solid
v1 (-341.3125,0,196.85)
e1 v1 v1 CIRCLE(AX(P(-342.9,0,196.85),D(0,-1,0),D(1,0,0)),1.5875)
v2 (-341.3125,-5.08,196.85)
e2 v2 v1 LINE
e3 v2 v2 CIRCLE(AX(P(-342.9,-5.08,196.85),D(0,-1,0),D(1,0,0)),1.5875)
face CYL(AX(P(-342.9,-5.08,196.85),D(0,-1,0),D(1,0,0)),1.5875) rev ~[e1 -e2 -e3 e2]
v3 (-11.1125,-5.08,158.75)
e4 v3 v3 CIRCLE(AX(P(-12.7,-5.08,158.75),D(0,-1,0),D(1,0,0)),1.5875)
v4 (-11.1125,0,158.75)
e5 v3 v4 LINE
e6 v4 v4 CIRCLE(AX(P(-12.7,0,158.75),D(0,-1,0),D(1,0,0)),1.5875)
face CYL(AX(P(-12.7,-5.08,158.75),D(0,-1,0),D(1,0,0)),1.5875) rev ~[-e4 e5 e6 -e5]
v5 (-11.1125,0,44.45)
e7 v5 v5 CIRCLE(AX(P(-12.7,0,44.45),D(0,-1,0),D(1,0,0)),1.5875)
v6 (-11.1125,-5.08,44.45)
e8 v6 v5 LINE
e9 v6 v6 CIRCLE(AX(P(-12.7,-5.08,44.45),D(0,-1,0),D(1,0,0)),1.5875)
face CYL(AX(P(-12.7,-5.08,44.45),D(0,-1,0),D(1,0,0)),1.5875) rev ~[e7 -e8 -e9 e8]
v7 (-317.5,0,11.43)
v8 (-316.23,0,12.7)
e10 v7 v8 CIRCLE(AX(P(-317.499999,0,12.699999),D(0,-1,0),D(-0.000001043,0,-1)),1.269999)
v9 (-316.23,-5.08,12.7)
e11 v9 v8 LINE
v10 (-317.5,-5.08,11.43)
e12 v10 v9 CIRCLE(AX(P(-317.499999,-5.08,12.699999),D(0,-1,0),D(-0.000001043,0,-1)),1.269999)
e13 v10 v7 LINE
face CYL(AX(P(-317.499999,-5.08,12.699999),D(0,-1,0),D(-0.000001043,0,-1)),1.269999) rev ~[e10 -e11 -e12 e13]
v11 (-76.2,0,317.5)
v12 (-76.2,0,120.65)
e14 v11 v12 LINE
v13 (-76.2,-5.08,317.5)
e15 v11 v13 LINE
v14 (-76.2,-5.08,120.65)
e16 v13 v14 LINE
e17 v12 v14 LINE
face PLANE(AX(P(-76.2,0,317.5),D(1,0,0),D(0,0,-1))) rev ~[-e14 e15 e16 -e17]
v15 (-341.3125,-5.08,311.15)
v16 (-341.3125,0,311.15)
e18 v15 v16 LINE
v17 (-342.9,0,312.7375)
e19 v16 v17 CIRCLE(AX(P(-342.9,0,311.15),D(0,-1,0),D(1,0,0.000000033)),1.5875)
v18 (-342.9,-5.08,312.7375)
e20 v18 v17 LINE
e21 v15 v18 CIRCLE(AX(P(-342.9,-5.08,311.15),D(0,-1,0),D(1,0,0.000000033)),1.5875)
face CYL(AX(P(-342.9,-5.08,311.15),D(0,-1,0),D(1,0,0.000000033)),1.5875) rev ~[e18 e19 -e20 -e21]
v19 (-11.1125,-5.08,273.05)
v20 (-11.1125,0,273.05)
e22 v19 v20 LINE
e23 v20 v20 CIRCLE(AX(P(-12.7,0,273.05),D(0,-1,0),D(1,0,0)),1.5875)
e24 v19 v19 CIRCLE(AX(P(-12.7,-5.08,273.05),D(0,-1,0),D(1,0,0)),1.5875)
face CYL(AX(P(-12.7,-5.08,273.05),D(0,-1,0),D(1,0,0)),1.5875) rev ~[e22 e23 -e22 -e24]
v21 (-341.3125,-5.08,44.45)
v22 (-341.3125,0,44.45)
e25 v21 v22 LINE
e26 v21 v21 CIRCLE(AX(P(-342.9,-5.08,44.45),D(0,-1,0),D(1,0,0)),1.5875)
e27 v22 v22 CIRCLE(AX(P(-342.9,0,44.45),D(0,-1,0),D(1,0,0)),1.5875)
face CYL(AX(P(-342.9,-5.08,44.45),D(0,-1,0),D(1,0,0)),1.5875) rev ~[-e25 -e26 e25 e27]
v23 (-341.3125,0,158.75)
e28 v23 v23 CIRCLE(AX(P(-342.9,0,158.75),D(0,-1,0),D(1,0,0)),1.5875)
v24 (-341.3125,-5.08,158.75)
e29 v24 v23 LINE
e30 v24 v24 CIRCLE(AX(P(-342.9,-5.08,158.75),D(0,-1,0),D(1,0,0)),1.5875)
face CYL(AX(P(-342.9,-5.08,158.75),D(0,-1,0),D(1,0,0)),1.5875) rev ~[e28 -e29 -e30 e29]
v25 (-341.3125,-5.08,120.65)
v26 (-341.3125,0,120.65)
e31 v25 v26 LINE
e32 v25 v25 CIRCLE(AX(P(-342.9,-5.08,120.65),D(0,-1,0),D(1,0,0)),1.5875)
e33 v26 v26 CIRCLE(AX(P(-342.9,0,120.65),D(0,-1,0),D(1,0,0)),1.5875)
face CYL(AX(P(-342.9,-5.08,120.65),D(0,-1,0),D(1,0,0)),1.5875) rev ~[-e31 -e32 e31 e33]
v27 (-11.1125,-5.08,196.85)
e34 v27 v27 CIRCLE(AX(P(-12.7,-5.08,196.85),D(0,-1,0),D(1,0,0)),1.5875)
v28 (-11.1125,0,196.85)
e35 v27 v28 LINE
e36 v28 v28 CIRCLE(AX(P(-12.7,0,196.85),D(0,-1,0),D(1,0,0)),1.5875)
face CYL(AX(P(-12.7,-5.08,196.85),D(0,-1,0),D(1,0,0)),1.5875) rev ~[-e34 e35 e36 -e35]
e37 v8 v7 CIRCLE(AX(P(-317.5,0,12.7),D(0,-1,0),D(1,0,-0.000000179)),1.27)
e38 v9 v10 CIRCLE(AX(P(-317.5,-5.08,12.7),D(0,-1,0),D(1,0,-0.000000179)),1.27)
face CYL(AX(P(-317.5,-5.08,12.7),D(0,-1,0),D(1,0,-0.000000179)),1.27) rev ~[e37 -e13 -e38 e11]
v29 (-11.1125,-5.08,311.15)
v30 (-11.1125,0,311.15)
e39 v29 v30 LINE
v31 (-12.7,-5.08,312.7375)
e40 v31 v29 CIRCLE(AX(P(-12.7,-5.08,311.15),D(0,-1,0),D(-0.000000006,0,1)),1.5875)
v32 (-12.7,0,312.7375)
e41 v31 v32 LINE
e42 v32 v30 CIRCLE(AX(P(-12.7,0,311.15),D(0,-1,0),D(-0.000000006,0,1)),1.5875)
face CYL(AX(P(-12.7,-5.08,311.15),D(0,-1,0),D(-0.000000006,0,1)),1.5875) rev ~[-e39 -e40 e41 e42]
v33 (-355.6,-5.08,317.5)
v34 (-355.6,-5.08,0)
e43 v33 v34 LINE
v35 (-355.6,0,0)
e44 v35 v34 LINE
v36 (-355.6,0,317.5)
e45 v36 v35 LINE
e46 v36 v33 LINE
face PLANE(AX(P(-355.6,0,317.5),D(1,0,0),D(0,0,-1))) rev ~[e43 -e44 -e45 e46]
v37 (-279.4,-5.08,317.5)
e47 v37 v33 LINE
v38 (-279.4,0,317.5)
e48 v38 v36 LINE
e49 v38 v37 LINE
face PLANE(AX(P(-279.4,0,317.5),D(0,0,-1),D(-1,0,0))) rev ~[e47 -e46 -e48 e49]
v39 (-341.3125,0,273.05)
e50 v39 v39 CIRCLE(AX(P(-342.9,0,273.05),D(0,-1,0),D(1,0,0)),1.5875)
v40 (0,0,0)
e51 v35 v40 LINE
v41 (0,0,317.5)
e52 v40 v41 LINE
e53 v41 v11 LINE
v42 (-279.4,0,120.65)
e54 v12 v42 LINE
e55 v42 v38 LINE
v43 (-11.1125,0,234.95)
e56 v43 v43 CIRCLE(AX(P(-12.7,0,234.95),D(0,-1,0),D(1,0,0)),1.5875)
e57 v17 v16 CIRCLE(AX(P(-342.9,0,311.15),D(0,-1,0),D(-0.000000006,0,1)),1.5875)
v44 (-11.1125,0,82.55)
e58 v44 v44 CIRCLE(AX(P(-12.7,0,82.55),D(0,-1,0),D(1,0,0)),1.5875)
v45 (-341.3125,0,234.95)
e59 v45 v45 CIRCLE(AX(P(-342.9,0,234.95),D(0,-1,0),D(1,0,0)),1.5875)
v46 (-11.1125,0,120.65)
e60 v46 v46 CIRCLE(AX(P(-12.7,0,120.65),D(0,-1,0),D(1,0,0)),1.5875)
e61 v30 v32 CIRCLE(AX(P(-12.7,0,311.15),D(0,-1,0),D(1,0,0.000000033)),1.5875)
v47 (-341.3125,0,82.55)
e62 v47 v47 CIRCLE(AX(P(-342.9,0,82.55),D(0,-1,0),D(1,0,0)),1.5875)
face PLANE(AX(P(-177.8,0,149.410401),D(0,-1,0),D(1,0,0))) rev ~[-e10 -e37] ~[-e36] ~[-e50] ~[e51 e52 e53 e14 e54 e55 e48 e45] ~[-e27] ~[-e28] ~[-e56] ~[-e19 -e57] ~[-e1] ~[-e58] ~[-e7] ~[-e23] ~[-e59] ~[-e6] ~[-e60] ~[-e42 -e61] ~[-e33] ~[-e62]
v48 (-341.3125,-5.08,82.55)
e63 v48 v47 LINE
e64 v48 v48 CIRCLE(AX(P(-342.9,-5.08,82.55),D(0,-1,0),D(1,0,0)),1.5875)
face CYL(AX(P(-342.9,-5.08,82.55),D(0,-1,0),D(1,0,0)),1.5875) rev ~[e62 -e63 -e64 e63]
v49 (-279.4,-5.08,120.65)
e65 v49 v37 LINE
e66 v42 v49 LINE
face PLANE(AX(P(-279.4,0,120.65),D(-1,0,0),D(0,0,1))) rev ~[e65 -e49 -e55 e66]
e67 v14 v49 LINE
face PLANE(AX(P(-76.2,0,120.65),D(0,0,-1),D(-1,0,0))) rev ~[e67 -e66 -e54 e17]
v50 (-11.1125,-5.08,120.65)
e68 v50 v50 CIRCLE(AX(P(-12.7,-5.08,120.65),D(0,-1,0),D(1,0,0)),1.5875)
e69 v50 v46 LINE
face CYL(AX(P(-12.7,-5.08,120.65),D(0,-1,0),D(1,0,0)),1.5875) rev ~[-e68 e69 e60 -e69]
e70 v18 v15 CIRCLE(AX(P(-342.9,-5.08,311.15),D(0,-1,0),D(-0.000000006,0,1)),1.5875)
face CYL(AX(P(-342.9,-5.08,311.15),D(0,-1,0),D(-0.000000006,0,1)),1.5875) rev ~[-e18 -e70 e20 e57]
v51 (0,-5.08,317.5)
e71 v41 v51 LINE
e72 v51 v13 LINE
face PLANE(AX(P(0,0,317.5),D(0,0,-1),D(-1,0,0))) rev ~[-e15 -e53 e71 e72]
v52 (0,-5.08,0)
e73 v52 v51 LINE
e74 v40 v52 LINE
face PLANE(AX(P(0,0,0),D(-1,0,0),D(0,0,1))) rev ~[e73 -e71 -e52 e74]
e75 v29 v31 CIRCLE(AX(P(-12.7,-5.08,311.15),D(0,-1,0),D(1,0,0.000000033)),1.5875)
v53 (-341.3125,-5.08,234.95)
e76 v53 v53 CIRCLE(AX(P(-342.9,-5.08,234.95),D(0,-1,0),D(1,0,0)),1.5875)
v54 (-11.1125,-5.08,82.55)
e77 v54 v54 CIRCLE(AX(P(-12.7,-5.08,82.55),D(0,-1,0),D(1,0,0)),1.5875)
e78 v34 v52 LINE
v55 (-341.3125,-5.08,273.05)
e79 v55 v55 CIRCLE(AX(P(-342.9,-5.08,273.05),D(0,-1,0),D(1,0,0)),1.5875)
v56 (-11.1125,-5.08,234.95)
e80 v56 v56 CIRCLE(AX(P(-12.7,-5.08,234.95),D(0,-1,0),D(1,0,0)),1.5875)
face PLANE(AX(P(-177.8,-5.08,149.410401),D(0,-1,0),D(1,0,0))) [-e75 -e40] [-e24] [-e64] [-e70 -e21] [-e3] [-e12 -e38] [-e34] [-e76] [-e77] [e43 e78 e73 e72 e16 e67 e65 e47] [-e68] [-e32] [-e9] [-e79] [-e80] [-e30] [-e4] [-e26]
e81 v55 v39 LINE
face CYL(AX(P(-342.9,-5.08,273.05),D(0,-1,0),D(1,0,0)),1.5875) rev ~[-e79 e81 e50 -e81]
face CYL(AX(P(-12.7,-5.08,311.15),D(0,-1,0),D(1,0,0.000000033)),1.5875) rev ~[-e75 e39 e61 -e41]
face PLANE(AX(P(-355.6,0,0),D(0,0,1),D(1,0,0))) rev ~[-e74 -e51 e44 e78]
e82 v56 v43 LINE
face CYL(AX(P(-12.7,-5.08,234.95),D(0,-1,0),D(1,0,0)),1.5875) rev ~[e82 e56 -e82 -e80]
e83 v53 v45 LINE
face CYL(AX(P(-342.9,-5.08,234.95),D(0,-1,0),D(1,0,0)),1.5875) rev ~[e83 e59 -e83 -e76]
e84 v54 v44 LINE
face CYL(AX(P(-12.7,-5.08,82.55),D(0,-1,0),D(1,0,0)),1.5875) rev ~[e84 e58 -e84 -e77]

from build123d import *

# Parameters (mm, degrees)
F1_DEPTH = 5.08
F3_DEPTH = 25.4
F4_R     = 1.5875
F5_DEPTH = 25.4


with BuildPart() as f1:
    # F0 (on Front) → F1 (new body)
    with BuildSketch(Plane.XZ):
        Polygon((-355.6, 0), (0, 0), (0, 317.5), (-76.2, 317.5), (-76.2, 120.65), (-279.4, 120.65), (-279.4, 317.5), (-355.6, 317.5), align=None)
    extrude(amount=F1_DEPTH)

    # F2 (on face) → F3 (cut)
    with BuildSketch(Plane.XZ.offset(5.08)):
        with BuildLine():
            ThreePointArc((-316.23, 12.7), (-318.398026, 13.598026), (-317.5, 11.43))
            ThreePointArc((-317.5, 11.43), (-316.601974, 11.801974), (-316.23, 12.7))
        make_face()
    extrude(amount=-F3_DEPTH, mode=Mode.SUBTRACT)

    # F4 (on face) → F5 (cut)
    with BuildSketch(Plane.XZ.offset(5.08)):
        with BuildLine():
            ThreePointArc((-341.3125, 311.15), (-341.777468, 312.272532), (-342.9, 312.7375))
            ThreePointArc((-342.9, 312.7375), (-344.022532, 310.027468), (-341.3125, 311.15))
        make_face()
        with Locations((-342.9, 273.05)):
            Circle(F4_R)
        with Locations((-342.9, 234.95)):
            Circle(F4_R)
        with Locations((-342.9, 196.85)):
            Circle(F4_R)
        with Locations((-342.9, 158.75)):
            Circle(F4_R)
        with Locations((-342.9, 120.65)):
            Circle(F4_R)
        with Locations((-342.9, 82.55)):
            Circle(F4_R)
        with Locations((-342.9, 44.45)):
            Circle(F4_R)
        with Locations((-12.7, 44.45)):
            Circle(F4_R)
        with Locations((-12.7, 82.55)):
            Circle(F4_R)
        with Locations((-12.7, 120.65)):
            Circle(F4_R)
        with Locations((-12.7, 158.75)):
            Circle(F4_R)
        with Locations((-12.7, 196.85)):
            Circle(F4_R)
        with Locations((-12.7, 234.95)):
            Circle(F4_R)
        with Locations((-12.7, 273.05)):
            Circle(F4_R)
        with BuildLine():
            ThreePointArc((-11.1125, 311.15), (-11.577468, 312.272532), (-12.7, 312.7375))
            ThreePointArc((-12.7, 312.7375), (-13.822532, 310.027468), (-11.1125, 311.15))
        make_face()
    extrude(amount=-F5_DEPTH, mode=Mode.SUBTRACT)


solid = f1.part
